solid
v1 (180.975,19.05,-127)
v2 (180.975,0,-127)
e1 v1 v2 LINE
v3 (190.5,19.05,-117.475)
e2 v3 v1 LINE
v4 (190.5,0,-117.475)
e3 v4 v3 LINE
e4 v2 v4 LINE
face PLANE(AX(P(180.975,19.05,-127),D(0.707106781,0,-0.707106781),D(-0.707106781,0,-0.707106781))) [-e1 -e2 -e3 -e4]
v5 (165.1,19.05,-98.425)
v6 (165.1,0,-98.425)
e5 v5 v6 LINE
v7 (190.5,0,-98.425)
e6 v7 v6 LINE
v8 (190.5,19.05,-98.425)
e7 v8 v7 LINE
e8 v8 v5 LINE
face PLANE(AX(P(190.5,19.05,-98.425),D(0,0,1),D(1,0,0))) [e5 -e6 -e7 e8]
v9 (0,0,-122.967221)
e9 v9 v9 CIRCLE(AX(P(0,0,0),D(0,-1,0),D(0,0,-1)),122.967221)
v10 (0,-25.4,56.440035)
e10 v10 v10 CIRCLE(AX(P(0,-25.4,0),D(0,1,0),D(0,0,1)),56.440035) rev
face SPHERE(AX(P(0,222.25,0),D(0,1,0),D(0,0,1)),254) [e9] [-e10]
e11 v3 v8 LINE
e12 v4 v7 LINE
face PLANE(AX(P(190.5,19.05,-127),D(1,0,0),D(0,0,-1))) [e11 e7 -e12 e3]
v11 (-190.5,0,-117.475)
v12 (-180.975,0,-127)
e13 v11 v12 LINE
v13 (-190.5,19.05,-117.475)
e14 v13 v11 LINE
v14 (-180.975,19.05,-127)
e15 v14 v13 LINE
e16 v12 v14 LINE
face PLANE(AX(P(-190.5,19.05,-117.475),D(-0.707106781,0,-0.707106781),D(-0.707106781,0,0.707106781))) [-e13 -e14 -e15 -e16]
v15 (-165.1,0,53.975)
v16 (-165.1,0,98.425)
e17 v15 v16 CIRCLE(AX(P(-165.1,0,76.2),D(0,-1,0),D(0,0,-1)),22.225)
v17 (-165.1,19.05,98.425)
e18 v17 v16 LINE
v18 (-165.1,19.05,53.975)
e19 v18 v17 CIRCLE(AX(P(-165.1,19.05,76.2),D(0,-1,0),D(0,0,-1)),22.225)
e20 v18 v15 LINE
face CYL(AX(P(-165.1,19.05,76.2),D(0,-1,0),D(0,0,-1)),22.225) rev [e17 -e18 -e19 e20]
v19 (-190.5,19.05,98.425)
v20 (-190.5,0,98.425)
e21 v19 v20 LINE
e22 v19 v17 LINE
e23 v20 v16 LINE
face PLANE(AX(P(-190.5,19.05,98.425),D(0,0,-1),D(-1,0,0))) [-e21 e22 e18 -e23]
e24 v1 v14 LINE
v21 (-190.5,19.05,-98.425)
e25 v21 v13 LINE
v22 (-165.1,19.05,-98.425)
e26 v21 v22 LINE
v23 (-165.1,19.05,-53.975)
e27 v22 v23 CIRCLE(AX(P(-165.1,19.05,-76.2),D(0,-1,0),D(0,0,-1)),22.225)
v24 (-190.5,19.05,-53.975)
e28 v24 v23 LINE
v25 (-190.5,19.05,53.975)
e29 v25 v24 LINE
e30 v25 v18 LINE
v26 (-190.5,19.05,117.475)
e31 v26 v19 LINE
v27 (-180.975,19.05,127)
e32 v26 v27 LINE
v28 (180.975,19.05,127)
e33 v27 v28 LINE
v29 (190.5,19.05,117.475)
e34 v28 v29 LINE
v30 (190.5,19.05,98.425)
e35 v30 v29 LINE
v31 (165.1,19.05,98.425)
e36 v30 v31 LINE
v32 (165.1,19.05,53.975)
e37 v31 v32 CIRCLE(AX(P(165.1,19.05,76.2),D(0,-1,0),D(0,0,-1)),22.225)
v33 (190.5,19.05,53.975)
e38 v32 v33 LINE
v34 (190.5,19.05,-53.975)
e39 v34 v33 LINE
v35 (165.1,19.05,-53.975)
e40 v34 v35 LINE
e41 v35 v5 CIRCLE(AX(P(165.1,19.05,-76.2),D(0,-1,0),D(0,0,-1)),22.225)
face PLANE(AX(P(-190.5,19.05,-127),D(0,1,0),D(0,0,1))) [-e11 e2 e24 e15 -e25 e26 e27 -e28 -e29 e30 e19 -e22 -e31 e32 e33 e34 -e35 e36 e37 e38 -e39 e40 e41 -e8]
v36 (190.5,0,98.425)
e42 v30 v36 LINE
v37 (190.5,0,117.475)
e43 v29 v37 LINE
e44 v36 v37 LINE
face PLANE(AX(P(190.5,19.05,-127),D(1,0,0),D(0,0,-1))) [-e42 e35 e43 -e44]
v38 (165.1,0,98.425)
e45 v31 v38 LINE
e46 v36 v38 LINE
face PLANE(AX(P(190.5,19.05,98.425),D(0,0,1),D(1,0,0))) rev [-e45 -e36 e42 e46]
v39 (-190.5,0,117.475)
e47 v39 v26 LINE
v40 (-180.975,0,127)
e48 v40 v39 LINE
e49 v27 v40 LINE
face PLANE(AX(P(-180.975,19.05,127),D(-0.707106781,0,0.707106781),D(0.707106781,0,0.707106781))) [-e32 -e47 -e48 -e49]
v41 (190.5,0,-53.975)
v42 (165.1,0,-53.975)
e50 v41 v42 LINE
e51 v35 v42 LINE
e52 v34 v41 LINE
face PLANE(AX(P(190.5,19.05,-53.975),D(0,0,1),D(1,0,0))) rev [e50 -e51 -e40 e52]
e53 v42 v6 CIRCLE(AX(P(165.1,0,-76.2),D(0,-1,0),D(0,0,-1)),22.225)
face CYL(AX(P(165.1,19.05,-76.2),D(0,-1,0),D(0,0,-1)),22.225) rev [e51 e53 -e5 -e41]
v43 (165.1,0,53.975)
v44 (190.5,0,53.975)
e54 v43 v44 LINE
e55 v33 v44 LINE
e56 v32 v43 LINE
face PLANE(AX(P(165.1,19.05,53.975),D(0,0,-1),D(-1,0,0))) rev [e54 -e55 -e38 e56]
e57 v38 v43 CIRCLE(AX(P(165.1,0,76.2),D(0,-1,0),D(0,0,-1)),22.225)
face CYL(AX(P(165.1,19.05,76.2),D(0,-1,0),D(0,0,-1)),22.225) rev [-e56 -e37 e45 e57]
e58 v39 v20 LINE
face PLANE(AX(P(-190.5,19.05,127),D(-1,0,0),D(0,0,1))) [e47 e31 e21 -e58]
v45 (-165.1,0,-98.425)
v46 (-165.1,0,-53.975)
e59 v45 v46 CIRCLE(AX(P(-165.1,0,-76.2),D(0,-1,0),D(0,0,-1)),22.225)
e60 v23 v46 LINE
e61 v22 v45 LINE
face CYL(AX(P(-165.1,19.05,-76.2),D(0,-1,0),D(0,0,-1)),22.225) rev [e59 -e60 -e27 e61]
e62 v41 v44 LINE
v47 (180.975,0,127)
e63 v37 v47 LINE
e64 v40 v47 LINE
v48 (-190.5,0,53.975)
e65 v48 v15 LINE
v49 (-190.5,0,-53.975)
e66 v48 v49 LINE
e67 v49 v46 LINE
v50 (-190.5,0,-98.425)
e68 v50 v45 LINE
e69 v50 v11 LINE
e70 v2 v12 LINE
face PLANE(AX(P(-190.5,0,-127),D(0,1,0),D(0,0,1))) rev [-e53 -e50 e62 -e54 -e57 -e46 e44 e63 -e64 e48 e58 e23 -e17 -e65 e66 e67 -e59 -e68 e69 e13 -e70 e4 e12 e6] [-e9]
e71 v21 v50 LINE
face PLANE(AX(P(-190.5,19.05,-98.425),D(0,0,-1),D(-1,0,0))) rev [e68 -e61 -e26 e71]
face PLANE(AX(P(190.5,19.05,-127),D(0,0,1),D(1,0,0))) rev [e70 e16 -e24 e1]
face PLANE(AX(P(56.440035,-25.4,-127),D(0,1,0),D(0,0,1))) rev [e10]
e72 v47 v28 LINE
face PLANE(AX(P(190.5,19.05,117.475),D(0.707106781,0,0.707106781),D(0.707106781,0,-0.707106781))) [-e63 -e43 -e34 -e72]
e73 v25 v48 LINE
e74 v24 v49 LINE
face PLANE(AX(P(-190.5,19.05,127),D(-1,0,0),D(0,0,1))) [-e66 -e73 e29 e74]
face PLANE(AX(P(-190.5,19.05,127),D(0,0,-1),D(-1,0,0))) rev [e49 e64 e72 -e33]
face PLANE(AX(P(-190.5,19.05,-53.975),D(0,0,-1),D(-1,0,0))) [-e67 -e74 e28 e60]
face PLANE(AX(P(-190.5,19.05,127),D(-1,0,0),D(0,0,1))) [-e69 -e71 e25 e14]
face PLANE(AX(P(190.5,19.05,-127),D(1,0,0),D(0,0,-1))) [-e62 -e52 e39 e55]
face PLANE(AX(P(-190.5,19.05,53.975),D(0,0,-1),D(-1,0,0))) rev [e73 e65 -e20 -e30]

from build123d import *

# Parameters (mm, degrees)
SKETCH1_W               = 381
SKETCH1_H               = 254
BASE_EXTRUDE_DEPTH      = 19.05
CUT_EXTRUDE1_DEPTH      = 20.05
CUT_EXTRUDE2_DEPTH      = 128
CUT_EXTRUDE2_DEPTH_BACK = 128
CHAMFER1_SIZE           = 9.525


with BuildPart() as part:
    # Sketch1 → Base-Extrude (new body)
    with BuildSketch(Plane(origin=(0, 0, 0), x_dir=(1, 0, 0), z_dir=(0, 1, 0))):
        Rectangle(SKETCH1_W, SKETCH1_H)
    extrude(amount=BASE_EXTRUDE_DEPTH)

    # Sketch2 → Boss-Revolve1 (revolve)
    with BuildSketch(Plane(origin=(0, 0, 0), x_dir=(0, 0, -1), z_dir=(1, 0, 0)), mode=Mode.PRIVATE) as boss_revolve1_sk:
        with BuildLine():
            Line((0, -31.75), (0, 0))
            Line((0, 0), (122.967221242, 0))
            ThreePointArc((122.967221242, 0), (63.5, -23.684442484), (0, -31.75))
        make_face()
    revolve(boss_revolve1_sk.sketch.rotate(Axis((0, -41.201658399, 0), (0, 1, 0)), 180), axis=Axis((0, -41.201658399, 0), (0, 1, 0)))  # turned: the seam where the file's is

    # Sketch4 → Cut-Extrude1 (cut, through all)
    with BuildSketch(Plane.XZ):
        with BuildLine():
            Line((-190.5, 53.975), (-165.1, 53.975))
            ThreePointArc((-165.1, 53.975), (-142.875, 76.2), (-165.1, 98.425))
            Line((-165.1, 98.425), (-190.5, 98.425))
            Line((-190.5, 98.425), (-190.5, 53.975))
        make_face()
        with BuildLine():
            Line((-190.5, -98.425), (-165.1, -98.425))
            ThreePointArc((-165.1, -98.425), (-142.875, -76.2), (-165.1, -53.975))
            Line((-165.1, -53.975), (-190.5, -53.975))
            Line((-190.5, -53.975), (-190.5, -98.425))
        make_face()
        with BuildLine():
            Line((190.5, -98.425), (165.1, -98.425))
            ThreePointArc((165.1, -98.425), (142.875, -76.2), (165.1, -53.975))
            Line((165.1, -53.975), (190.5, -53.975))
            Line((190.5, -53.975), (190.5, -98.425))
        make_face()
        with BuildLine():
            Line((165.1, 53.975), (190.5, 53.975))
            Line((190.5, 53.975), (190.5, 98.425))
            Line((190.5, 98.425), (165.1, 98.425))
            ThreePointArc((165.1, 98.425), (142.875, 76.2), (165.1, 53.975))
        make_face()
    extrude(amount=-CUT_EXTRUDE1_DEPTH, mode=Mode.SUBTRACT)

    # Sketch5 → Cut-Extrude2 (cut, two sides)
    with BuildSketch(Plane.XY) as cut_extrude2_sk:
        with BuildLine():
            Line((56.44003455, -25.4), (-56.44003455, -25.4))
            ThreePointArc((-56.44003455, -25.4), (0, -31.75), (56.44003455, -25.4))
        make_face()
    extrude(amount=CUT_EXTRUDE2_DEPTH, mode=Mode.SUBTRACT)
    extrude(cut_extrude2_sk.sketch, amount=-CUT_EXTRUDE2_DEPTH_BACK, mode=Mode.SUBTRACT)

    # Chamfer1
    chamfer1_edges = [part.edges().sort_by_distance(p)[0] for p in [
        (-190.5, 9.525, 127),
        (190.5, 9.525, 127),
        (190.5, 9.525, -127),
        (-190.5, 9.525, -127),
    ]]
    chamfer(chamfer1_edges, length=CHAMFER1_SIZE)


solid = part.part
